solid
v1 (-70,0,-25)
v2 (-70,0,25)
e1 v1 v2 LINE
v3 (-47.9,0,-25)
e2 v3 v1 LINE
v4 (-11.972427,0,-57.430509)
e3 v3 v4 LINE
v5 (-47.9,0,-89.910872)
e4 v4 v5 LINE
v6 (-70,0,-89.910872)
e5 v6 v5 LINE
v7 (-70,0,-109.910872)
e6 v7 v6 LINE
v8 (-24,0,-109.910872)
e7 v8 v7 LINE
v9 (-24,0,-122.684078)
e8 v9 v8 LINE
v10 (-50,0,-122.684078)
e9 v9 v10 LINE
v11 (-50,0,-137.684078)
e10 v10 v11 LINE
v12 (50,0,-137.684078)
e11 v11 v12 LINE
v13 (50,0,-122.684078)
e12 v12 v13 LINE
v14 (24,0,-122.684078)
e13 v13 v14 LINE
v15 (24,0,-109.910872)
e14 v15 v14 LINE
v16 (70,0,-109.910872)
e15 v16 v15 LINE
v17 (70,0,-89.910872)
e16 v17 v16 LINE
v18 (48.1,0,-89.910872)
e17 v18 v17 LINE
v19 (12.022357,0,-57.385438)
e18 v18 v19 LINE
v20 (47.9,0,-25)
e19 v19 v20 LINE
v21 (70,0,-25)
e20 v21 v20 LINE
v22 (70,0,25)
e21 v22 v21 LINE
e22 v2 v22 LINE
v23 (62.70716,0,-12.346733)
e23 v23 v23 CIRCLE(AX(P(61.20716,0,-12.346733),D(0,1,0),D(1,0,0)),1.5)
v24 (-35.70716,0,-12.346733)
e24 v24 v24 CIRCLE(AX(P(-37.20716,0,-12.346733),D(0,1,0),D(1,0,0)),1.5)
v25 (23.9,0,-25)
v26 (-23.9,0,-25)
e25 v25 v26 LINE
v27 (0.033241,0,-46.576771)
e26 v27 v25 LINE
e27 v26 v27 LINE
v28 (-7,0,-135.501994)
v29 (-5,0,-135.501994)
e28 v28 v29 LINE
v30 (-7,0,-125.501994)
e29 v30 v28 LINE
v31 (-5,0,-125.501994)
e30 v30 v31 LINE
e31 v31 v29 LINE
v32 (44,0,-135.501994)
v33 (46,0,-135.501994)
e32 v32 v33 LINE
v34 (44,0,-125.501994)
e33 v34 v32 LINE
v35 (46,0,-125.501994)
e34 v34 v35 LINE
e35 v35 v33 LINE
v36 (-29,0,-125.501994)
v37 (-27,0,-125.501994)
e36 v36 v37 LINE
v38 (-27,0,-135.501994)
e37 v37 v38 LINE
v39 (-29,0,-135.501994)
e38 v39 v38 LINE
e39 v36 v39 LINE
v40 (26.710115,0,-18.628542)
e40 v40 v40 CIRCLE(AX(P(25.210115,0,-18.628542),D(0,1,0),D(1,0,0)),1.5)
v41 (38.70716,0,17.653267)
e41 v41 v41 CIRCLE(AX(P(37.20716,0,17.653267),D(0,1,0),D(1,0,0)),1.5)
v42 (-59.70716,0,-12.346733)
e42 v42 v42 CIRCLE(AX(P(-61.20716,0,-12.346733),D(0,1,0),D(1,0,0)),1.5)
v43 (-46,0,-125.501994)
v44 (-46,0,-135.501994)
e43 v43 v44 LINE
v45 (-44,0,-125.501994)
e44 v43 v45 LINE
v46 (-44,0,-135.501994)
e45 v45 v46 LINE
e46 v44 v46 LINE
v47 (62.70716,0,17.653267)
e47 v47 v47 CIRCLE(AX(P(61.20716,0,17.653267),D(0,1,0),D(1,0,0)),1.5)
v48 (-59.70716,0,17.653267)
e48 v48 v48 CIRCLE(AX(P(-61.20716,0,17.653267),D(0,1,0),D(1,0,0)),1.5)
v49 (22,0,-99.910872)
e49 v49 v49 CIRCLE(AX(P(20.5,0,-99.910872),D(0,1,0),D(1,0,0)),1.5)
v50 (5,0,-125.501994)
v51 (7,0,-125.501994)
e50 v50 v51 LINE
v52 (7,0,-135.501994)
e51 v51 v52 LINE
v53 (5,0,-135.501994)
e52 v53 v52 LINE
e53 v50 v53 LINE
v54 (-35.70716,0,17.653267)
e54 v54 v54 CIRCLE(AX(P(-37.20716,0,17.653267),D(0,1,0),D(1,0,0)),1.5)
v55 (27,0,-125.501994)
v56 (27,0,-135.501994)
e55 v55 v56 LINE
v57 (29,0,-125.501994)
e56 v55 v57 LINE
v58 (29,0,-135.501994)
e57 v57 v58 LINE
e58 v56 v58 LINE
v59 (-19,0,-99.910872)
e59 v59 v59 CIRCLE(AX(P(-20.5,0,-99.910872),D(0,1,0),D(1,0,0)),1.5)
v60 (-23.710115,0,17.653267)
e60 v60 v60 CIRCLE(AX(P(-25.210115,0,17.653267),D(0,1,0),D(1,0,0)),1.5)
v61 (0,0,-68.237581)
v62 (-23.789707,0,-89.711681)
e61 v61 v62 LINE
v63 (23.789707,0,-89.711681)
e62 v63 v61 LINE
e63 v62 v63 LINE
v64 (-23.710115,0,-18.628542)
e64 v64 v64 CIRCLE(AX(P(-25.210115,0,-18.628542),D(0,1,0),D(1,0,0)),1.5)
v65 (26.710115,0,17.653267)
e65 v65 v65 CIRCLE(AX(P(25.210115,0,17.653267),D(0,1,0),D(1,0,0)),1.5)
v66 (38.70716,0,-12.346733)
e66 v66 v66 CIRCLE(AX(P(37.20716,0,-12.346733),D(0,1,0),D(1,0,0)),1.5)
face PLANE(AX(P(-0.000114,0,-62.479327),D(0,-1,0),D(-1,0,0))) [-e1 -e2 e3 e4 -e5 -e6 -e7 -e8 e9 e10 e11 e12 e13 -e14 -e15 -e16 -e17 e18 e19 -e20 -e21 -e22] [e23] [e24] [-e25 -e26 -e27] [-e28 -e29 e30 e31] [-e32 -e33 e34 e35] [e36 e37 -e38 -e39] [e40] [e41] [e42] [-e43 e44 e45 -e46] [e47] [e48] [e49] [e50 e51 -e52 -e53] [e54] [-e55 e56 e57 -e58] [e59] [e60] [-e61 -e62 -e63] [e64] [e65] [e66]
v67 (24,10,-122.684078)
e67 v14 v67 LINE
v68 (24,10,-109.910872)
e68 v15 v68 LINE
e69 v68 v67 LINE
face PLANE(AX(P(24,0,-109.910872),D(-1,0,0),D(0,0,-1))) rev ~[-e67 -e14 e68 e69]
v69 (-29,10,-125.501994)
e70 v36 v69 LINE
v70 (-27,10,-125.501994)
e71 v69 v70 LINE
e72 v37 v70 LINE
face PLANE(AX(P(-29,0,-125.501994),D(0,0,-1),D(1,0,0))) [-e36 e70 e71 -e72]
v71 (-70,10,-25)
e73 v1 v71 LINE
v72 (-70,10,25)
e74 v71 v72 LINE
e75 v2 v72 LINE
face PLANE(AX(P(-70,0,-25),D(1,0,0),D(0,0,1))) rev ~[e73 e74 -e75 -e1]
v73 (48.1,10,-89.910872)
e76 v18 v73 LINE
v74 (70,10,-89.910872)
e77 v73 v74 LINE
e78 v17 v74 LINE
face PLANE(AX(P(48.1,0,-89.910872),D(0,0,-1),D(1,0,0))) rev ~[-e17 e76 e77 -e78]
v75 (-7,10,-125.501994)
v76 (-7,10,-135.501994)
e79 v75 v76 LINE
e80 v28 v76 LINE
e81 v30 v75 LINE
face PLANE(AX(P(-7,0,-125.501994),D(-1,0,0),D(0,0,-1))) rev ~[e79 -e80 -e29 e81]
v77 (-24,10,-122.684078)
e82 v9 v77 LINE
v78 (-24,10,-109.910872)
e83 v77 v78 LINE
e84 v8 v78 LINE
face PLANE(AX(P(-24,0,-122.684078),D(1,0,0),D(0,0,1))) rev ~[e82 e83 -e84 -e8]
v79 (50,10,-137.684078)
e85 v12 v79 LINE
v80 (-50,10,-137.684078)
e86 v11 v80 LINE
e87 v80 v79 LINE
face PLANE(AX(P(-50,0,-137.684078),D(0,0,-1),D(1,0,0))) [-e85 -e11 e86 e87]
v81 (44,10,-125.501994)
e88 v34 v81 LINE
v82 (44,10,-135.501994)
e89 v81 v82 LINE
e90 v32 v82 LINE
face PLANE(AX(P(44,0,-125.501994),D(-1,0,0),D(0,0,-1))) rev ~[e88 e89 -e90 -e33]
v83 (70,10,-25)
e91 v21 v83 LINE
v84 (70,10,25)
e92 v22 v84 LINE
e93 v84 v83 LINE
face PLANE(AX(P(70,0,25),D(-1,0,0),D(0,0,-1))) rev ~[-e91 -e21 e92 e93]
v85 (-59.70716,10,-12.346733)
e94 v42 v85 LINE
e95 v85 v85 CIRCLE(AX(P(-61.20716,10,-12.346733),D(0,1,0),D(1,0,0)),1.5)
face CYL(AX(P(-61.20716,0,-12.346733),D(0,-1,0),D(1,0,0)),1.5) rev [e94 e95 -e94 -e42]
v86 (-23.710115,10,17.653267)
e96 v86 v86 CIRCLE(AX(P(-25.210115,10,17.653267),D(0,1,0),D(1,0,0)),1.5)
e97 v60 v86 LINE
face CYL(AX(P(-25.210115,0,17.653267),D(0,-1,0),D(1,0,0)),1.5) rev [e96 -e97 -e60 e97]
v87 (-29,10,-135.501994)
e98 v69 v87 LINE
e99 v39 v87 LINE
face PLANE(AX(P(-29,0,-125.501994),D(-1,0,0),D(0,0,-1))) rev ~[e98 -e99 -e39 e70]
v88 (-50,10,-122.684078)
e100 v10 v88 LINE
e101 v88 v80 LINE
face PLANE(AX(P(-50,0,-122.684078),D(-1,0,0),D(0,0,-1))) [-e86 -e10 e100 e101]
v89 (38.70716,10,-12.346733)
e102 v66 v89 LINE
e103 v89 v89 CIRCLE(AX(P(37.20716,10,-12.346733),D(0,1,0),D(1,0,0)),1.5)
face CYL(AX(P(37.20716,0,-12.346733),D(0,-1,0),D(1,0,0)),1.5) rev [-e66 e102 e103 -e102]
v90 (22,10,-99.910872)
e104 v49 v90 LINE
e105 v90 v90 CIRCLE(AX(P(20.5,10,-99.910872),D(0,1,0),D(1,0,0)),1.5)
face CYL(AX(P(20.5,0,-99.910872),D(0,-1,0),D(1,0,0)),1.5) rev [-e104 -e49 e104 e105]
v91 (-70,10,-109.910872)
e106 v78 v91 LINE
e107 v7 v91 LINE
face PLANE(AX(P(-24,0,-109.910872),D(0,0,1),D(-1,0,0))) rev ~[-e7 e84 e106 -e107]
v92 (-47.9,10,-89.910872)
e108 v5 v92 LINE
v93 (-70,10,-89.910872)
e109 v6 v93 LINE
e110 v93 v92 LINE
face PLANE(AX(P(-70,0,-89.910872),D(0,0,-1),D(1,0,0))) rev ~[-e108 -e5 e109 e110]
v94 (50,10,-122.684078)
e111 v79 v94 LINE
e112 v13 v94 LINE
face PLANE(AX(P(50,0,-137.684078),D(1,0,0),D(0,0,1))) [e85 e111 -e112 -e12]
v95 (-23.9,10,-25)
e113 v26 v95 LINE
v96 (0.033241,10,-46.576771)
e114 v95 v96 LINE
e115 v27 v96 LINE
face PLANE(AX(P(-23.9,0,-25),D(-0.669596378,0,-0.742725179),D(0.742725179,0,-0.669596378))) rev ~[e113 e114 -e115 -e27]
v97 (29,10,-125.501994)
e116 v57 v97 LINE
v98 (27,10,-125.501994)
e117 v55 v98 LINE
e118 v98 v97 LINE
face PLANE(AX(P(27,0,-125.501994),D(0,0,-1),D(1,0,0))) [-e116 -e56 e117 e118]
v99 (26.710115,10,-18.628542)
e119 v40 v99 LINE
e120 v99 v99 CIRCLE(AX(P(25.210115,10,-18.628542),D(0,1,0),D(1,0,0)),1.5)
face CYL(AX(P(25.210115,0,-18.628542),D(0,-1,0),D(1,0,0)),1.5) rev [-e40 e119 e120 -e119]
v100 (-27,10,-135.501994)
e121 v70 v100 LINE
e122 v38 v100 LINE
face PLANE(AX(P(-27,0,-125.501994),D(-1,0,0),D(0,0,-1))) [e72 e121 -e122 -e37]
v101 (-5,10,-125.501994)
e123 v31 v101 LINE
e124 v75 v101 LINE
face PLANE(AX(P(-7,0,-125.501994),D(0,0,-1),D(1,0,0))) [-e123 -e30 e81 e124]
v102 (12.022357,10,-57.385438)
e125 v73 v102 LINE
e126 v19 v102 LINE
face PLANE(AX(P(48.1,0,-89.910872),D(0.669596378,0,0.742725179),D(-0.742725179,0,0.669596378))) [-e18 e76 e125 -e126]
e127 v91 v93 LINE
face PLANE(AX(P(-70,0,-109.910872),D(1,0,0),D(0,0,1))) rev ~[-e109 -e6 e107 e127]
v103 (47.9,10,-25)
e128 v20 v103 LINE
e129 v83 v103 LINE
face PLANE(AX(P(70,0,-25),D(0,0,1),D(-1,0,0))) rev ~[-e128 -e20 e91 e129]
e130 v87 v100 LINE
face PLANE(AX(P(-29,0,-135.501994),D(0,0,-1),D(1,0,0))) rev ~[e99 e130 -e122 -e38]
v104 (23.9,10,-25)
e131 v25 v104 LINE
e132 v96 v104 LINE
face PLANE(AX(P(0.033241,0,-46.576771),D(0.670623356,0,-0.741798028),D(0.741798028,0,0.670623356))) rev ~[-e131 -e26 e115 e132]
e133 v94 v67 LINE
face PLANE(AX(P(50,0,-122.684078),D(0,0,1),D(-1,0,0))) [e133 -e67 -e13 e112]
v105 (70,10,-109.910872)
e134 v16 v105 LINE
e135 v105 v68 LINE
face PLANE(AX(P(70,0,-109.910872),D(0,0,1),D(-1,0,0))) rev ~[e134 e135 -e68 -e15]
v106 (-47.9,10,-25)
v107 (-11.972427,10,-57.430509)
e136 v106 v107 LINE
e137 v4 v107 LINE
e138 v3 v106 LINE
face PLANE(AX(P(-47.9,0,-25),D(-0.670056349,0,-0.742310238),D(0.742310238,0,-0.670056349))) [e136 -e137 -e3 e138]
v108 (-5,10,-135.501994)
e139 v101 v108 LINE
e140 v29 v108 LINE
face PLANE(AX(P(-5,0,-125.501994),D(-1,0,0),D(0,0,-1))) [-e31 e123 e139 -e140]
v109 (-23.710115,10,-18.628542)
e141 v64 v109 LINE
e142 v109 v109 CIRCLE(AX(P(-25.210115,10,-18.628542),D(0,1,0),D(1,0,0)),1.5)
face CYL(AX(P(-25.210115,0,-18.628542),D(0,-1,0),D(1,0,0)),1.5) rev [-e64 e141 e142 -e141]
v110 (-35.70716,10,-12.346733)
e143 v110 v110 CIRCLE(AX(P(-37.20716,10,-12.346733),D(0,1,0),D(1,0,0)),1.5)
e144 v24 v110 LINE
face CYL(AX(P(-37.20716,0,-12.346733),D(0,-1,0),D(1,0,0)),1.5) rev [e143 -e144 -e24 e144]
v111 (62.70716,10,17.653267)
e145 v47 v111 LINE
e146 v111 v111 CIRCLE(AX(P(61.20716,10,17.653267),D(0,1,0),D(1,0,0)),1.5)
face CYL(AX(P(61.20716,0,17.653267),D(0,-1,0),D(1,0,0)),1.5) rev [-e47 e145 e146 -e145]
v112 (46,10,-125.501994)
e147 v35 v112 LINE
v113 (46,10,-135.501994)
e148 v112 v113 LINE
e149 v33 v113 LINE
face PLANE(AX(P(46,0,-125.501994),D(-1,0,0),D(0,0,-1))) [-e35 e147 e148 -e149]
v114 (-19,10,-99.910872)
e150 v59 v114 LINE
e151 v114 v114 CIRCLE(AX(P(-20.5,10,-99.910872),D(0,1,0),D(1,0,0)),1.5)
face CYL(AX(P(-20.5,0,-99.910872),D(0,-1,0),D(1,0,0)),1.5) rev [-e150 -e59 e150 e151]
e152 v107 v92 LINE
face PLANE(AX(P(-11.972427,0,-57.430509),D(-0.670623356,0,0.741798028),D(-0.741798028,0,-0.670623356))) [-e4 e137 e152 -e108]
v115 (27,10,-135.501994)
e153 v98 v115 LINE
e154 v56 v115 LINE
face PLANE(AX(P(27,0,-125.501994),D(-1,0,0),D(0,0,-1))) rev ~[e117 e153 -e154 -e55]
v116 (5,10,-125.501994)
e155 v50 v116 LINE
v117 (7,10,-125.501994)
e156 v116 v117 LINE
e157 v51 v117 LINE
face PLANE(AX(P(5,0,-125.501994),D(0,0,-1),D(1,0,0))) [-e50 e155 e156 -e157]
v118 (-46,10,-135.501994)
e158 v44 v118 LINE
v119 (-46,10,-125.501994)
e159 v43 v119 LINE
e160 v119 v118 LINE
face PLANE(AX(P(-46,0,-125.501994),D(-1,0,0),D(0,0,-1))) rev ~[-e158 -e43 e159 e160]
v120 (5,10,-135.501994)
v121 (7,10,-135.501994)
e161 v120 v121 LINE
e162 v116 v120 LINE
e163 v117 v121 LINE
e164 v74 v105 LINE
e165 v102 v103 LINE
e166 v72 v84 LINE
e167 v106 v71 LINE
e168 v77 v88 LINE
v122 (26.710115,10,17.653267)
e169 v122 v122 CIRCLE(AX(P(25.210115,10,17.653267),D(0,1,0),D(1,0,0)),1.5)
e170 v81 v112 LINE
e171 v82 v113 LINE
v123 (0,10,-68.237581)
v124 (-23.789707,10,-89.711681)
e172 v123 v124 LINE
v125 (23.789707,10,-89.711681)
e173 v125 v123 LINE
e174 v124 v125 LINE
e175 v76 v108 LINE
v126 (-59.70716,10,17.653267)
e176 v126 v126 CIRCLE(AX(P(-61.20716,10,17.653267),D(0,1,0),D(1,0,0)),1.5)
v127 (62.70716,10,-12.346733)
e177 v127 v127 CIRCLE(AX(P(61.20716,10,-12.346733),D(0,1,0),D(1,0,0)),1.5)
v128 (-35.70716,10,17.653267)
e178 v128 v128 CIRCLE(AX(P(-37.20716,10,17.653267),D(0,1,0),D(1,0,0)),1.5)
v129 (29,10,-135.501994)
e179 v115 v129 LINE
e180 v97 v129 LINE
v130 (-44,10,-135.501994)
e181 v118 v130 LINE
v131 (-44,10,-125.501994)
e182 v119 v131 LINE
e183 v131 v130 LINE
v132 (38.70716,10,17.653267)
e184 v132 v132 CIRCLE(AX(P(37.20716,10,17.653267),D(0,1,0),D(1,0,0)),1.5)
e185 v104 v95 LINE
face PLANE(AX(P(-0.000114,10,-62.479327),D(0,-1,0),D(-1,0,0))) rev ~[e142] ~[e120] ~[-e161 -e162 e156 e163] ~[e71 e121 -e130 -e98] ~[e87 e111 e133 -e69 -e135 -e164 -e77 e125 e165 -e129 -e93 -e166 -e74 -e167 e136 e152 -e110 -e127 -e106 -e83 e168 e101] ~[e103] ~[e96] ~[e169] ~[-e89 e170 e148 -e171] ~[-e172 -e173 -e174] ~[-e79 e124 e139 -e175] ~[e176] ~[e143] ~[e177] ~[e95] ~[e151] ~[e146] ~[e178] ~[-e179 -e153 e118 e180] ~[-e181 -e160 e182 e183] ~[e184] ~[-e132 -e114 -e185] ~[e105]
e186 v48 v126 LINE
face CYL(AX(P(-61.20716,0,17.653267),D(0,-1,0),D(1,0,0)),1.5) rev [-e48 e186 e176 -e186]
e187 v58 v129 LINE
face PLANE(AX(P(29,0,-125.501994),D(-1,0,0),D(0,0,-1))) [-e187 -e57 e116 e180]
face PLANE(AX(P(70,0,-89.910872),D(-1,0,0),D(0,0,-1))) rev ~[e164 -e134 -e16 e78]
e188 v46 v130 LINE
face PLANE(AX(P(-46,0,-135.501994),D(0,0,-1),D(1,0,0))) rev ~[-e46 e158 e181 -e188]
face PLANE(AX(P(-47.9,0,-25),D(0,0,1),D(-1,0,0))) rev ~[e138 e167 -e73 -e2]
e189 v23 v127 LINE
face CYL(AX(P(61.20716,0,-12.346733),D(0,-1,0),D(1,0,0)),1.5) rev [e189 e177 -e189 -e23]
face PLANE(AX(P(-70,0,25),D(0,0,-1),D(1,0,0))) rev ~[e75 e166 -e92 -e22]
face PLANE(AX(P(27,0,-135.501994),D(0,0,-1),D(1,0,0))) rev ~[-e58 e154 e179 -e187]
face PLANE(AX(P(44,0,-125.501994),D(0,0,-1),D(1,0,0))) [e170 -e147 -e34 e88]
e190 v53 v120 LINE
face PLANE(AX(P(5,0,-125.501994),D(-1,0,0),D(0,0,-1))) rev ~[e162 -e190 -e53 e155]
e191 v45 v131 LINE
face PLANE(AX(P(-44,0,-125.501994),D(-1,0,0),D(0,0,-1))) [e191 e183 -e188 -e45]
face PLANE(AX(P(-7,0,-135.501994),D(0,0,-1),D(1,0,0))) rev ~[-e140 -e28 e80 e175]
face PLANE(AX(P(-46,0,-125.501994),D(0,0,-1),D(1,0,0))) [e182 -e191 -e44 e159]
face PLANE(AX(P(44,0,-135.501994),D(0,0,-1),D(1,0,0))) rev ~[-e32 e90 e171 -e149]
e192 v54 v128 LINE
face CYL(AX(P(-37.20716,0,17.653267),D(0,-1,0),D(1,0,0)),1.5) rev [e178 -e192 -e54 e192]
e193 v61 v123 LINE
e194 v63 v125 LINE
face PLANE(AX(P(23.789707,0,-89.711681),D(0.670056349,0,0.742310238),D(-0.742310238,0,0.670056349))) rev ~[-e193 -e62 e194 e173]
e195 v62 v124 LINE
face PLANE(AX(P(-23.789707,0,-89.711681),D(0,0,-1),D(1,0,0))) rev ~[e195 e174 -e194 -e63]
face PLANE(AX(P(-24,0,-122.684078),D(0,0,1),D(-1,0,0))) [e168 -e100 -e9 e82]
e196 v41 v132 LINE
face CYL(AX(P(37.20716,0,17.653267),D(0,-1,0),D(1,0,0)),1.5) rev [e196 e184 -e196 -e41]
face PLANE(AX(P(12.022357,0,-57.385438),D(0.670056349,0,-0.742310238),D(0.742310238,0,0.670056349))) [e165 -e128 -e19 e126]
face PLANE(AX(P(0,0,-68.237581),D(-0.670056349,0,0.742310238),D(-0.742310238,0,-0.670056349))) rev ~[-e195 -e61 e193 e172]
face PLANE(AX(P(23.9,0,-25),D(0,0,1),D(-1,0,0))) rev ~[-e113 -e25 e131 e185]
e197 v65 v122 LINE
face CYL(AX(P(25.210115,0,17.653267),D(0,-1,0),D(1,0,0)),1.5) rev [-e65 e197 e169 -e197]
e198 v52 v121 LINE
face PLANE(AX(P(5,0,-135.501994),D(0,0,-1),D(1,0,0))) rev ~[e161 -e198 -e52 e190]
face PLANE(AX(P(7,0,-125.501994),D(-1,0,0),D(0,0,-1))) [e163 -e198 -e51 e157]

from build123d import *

# Parameters (mm, degrees)
SKETCH_1_R      = 1.5
SKETCH_1_W      = 2
SKETCH_1_H      = 10
EXTRUDE_1_DEPTH = 10


with BuildPart() as part:
    # 草图1 → 凸台-拉伸1 (new body)
    with BuildSketch(Plane(origin=(0, 0, 0), x_dir=(1, 0, 0), z_dir=(0, 1, 0))):
        Polygon((-68, 25), (-47.9, 25), (-11.972426803, 57.430508537), (-47.9, 89.910872233), (-68, 89.910872233), (-70, 89.910872233), (-70, 91.910872233), (-70, 107.910872233), (-70, 109.910872233), (-68, 109.910872233), (-24, 109.910872233), (-24, 114.855181995), (-24, 122.684078109), (-50, 122.684078109), (-50, 137.684078109), (50, 137.684078109), (50, 122.684078109), (24, 122.684078109), (24, 114.855181995), (24, 109.910872233), (68, 109.910872233), (70, 109.910872233), (70, 107.910872233), (70, 91.910872233), (70, 89.910872233), (68, 89.910872233), (48.1, 89.910872233), (12.022357286, 57.385438113), (47.9, 25), (68, 25), (70, 25), (70, 23), (70, -23), (70, -25), (68, -25), (-68, -25), (-70, -25), (-70, -23), (-70, 23), (-70, 25), align=None)
        with Locations((-61.207159892, 12.346732779)):
            Circle(SKETCH_1_R, mode=Mode.SUBTRACT)
        with Locations((-37.207159892, 12.346732779)):
            Circle(SKETCH_1_R, mode=Mode.SUBTRACT)
        with Locations((-37.207159892, -17.653267221)):
            Circle(SKETCH_1_R, mode=Mode.SUBTRACT)
        with Locations((-61.207159892, -17.653267221)):
            Circle(SKETCH_1_R, mode=Mode.SUBTRACT)
        with Locations((61.207159892, -17.653267221)):
            Circle(SKETCH_1_R, mode=Mode.SUBTRACT)
        with Locations((37.207159892, -17.653267221)):
            Circle(SKETCH_1_R, mode=Mode.SUBTRACT)
        with Locations((37.207159892, 12.346732779)):
            Circle(SKETCH_1_R, mode=Mode.SUBTRACT)
        with Locations((61.207159892, 12.346732779)):
            Circle(SKETCH_1_R, mode=Mode.SUBTRACT)
        with Locations((-20.5, 99.910872233)):
            Circle(SKETCH_1_R, mode=Mode.SUBTRACT)
        with Locations((20.5, 99.910872233)):
            Circle(SKETCH_1_R, mode=Mode.SUBTRACT)
        with Locations((-25.210114711, 18.628541516)):
            Circle(SKETCH_1_R, mode=Mode.SUBTRACT)
        with Locations((25.210114711, 18.628541516)):
            Circle(SKETCH_1_R, mode=Mode.SUBTRACT)
        with Locations((-25.210114711, -17.653267221)):
            Circle(SKETCH_1_R, mode=Mode.SUBTRACT)
        with Locations((25.210114711, -17.653267221)):
            Circle(SKETCH_1_R, mode=Mode.SUBTRACT)
        with Locations((6, 130.50199448)):
            Rectangle(SKETCH_1_W, SKETCH_1_H, mode=Mode.SUBTRACT)
        with Locations((-6, 130.50199448)):
            Rectangle(SKETCH_1_W, SKETCH_1_H, mode=Mode.SUBTRACT)
        with Locations((28, 130.50199448)):
            Rectangle(SKETCH_1_W, SKETCH_1_H, mode=Mode.SUBTRACT)
        with Locations((45, 130.50199448)):
            Rectangle(SKETCH_1_W, SKETCH_1_H, mode=Mode.SUBTRACT)
        with Locations((-45, 130.50199448)):
            Rectangle(SKETCH_1_W, SKETCH_1_H, mode=Mode.SUBTRACT)
        with Locations((-28, 130.50199448)):
            Rectangle(SKETCH_1_W, SKETCH_1_H, mode=Mode.SUBTRACT)
        Polygon((-23.789706762, 89.711680759), (23.789706762, 89.711680759), (0, 68.237581075), align=None, mode=Mode.SUBTRACT)
        Polygon((-23.9, 25), (0.033240612, 46.576771159), (23.9, 25), align=None, mode=Mode.SUBTRACT)
    extrude(amount=EXTRUDE_1_DEPTH)


solid = part.part
